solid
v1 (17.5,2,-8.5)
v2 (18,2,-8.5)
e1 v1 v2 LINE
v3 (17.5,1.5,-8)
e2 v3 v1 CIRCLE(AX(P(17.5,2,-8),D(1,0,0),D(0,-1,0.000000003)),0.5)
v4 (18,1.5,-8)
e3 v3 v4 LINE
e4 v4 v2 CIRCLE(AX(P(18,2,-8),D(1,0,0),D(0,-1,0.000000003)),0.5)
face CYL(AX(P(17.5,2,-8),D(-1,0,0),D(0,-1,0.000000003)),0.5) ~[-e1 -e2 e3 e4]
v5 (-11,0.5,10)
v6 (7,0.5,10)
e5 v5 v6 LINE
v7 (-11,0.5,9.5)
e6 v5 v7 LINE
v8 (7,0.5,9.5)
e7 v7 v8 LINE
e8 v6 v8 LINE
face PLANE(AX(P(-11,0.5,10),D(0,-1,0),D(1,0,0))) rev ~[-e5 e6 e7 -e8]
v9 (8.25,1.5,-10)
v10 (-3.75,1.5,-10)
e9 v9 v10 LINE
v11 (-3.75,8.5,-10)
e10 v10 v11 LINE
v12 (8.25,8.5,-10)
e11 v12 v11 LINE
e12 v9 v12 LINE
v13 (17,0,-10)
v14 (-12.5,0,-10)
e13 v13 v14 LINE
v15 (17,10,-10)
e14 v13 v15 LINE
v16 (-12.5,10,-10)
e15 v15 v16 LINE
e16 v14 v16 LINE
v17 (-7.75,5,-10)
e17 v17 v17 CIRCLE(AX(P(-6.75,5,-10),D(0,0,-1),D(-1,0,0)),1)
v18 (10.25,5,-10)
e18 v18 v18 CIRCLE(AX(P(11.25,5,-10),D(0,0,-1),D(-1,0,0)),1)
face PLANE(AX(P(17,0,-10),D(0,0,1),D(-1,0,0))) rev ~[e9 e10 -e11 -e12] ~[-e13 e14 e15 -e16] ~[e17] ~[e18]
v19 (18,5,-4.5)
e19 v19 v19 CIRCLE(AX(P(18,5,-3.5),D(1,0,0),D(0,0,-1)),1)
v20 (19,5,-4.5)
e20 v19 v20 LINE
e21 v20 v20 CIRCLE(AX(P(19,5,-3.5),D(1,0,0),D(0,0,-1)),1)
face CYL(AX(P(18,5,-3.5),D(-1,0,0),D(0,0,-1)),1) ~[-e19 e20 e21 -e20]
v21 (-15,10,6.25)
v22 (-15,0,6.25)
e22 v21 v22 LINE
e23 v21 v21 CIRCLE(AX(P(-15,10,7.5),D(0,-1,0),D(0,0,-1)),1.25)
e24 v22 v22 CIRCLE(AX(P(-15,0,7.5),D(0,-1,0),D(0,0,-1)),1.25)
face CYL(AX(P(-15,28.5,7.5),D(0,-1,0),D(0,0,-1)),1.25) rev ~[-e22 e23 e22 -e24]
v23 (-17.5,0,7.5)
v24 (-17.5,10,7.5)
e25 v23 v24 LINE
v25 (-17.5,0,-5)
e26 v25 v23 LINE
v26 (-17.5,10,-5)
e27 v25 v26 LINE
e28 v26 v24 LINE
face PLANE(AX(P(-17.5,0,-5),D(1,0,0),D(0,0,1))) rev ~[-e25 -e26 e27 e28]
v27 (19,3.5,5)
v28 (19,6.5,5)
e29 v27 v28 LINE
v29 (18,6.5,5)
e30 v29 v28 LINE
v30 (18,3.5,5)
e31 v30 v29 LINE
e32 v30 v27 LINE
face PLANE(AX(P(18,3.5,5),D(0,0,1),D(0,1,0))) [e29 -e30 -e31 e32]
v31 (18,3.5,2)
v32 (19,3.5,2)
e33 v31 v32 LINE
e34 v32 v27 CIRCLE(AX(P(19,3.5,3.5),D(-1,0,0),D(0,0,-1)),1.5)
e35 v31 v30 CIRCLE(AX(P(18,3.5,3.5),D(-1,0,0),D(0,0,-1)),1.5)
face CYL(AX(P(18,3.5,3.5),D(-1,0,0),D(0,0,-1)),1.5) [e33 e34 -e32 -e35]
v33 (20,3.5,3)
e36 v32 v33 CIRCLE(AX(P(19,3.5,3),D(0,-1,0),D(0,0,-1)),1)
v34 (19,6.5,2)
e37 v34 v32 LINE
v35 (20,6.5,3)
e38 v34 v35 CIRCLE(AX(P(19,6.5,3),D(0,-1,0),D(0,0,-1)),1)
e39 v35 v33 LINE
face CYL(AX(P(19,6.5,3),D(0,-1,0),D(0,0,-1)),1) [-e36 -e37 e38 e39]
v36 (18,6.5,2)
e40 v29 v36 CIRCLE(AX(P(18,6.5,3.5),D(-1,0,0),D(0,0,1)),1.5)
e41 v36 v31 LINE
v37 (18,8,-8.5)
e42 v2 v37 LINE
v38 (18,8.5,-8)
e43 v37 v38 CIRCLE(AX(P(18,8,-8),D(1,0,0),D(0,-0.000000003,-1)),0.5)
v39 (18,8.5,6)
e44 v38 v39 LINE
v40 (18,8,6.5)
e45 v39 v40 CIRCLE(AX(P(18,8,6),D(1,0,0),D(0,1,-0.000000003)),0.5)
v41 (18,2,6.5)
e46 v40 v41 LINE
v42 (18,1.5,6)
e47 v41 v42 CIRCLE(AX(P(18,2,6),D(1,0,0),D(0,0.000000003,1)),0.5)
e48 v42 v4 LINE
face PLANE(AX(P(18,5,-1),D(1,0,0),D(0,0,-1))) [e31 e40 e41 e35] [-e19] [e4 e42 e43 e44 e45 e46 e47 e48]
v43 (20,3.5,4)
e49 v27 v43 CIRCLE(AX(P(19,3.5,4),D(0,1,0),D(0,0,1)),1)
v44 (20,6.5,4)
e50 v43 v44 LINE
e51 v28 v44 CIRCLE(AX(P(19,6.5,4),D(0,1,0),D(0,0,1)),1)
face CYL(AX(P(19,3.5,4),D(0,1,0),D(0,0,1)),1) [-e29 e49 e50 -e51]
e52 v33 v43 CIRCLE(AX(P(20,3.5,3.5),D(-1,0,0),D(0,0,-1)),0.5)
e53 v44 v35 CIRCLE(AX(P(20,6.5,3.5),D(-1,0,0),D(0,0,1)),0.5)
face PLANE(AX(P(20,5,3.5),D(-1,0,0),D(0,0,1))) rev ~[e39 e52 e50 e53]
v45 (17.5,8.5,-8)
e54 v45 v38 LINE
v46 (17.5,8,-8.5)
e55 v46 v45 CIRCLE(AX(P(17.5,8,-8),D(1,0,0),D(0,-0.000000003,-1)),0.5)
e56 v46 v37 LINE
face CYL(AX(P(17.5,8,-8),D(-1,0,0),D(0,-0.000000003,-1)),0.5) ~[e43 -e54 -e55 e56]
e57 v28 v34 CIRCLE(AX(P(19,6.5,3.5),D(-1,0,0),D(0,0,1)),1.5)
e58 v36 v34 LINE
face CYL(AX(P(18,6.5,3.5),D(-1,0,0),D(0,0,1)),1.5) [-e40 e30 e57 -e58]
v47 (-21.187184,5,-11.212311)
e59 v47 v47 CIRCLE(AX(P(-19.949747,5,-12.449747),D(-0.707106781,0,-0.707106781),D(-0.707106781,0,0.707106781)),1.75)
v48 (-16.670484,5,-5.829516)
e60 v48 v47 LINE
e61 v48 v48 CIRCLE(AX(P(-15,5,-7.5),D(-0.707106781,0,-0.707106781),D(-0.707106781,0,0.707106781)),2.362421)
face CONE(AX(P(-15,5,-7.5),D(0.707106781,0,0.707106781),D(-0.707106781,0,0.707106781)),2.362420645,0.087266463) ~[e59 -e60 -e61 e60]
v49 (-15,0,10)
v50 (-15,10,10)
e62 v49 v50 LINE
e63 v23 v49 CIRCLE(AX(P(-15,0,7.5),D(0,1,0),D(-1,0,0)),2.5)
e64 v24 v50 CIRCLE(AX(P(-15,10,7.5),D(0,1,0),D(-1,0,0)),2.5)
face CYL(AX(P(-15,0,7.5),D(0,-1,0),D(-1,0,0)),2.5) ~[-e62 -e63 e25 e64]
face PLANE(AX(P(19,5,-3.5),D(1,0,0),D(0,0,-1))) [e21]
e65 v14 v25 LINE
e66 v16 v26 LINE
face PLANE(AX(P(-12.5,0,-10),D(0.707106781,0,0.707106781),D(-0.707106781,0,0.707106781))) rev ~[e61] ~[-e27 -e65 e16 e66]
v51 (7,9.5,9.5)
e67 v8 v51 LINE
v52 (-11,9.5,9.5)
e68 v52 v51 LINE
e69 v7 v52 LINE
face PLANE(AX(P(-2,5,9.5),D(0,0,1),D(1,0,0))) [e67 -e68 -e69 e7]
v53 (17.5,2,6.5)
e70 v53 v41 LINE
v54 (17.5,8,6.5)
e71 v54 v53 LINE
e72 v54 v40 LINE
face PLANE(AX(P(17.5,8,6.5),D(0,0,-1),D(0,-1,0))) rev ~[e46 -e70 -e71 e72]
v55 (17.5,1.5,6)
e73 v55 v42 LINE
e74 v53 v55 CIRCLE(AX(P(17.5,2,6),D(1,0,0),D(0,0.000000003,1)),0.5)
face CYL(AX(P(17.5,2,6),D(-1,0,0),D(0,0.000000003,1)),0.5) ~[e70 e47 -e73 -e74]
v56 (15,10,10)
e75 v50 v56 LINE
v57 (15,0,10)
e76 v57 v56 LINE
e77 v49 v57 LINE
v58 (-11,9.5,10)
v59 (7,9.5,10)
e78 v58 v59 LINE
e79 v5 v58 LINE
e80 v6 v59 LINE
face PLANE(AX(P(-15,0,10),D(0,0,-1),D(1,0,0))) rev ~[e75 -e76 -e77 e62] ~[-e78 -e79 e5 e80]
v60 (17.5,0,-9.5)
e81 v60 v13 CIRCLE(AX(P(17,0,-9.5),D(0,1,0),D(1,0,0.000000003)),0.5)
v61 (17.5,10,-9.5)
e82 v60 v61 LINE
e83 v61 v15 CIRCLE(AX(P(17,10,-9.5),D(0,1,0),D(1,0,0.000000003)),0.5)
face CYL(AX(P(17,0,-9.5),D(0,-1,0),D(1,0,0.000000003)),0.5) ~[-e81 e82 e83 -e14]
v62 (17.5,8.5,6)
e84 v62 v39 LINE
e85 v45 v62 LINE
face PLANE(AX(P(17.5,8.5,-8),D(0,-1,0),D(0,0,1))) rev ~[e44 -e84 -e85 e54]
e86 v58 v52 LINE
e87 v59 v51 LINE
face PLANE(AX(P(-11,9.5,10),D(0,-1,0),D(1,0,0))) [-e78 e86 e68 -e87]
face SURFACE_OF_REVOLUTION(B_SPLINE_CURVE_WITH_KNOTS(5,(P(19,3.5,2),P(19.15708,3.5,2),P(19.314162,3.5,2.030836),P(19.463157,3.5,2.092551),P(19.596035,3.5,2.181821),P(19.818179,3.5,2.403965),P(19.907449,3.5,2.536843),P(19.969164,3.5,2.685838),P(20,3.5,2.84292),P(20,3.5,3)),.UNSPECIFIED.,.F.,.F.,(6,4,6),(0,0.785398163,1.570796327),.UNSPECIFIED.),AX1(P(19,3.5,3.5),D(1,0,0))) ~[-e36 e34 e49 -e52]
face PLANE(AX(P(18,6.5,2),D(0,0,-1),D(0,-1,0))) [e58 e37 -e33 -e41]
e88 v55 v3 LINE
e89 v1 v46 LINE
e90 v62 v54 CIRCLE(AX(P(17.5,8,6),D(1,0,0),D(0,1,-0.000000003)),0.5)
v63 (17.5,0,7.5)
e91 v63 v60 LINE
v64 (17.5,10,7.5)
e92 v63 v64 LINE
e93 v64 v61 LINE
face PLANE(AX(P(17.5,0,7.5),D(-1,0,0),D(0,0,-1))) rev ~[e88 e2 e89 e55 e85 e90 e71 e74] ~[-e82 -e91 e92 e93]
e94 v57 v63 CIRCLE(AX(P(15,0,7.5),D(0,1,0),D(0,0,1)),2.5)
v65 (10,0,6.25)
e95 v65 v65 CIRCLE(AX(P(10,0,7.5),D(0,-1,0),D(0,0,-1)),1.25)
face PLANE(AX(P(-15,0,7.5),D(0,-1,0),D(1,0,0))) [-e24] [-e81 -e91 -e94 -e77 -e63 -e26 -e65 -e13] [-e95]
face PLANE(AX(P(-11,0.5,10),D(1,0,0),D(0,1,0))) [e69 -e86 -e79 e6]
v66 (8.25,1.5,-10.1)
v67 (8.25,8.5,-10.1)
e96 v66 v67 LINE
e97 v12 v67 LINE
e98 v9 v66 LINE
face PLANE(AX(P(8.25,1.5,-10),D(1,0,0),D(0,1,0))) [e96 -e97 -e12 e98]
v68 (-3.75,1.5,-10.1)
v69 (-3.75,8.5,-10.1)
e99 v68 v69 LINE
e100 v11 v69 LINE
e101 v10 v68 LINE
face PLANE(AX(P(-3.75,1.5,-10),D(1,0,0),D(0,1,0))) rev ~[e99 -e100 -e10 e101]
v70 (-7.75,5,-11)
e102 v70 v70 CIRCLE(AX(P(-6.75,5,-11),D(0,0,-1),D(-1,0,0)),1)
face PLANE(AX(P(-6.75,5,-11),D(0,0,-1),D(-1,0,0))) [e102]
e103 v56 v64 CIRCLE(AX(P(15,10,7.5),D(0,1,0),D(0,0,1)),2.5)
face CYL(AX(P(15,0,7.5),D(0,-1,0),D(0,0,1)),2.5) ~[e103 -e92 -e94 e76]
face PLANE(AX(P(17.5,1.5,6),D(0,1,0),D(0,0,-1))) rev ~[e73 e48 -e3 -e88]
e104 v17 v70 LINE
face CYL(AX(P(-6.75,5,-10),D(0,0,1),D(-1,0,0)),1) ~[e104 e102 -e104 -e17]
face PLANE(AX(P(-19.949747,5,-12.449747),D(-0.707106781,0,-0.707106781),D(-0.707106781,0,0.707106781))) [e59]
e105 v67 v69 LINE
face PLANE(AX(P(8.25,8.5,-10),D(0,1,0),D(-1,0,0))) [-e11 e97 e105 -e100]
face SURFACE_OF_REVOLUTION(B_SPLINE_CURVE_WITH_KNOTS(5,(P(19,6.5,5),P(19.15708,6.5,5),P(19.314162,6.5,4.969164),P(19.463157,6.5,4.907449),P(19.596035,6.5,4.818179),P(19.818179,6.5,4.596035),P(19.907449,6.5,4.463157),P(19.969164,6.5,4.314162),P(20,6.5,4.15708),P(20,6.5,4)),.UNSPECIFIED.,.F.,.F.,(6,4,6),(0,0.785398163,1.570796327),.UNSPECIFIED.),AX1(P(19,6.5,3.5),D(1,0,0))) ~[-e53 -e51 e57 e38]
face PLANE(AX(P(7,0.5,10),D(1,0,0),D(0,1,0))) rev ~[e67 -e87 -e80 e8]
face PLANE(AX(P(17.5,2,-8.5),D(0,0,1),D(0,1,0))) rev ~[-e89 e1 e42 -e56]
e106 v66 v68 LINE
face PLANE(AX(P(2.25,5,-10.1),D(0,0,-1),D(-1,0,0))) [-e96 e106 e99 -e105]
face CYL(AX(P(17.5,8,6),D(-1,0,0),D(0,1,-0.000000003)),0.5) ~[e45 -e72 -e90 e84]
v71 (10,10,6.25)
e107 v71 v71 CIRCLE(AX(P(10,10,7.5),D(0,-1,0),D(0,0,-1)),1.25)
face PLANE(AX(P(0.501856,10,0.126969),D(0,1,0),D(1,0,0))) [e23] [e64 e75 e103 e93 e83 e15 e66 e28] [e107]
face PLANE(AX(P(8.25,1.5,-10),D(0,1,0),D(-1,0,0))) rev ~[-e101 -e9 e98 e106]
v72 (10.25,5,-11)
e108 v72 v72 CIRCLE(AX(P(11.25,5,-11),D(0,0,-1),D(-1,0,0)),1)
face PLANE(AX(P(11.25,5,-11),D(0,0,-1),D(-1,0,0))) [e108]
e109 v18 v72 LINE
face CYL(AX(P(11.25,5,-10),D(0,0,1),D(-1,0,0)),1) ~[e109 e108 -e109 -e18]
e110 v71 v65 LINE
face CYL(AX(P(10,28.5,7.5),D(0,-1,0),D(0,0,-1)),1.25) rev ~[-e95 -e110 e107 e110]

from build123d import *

# Parameters (mm, degrees)
SKETCH_1_R             = 0.5
EXTRUDE_1_DEPTH        = 10
HOLE_WIZARD_M3_1_D     = 2.5
HOLE_WIZARD_M3_1_DEPTH = 18.5
HOLE_WIZARD_M3_1_TIP   = 0.751075774
SKETCH_4_R             = 0.5
EXTRUDE_2_DEPTH        = 10
HOLE_WIZARD_M3_2_D     = 2.5
HOLE_WIZARD_M3_2_DEPTH = 18.5
HOLE_WIZARD_M3_2_TIP   = 0.751075774
SKETCH_6_W             = 18
SKETCH_6_H             = 9
CUT_EXTRUDE_1_DEPTH    = 0.5
EXTRUDE_3_DEPTH        = 0.5
EXTRUDE_4_DEPTH        = 2
FILLET_4_R             = 1
SKETCH_10_R            = 1
EXTRUDE_5_DEPTH        = 1
SKETCH_11_W            = 12
SKETCH_11_H            = 7
EXTRUDE_6_DEPTH        = 0.1
SKETCH_12_R            = 1
EXTRUDE_7_DEPTH        = 1
SKETCH_13_R            = 1.75
EXTRUDE_8_DEPTH        = 7
DRAFT_1_ANGLE          = 5


with BuildPart() as part:
    # 草图1 → 凸台-拉伸1 (new body)
    with BuildSketch(Plane(origin=(0, 0, 0), x_dir=(1, 0, 0), z_dir=(0, 1, 0))):
        with BuildLine():
            Line((-12.5, 10), (-17.5, 5))
            Line((-17.5, 5), (-17.5, -7.5))
            ThreePointArc((-17.5, -7.5), (-16.767766953, -9.267766953), (-15, -10))
            Line((-15, -10), (15, -10))
            ThreePointArc((15, -10), (16.767766953, -9.267766953), (17.5, -7.5))
            Line((17.5, -7.5), (17.5, 9.5))
            ThreePointArc((17.5, 9.5), (17.353553391, 9.853553391), (17, 10))
            Line((17, 10), (-12.5, 10))
        make_face()
        with Locations((-15, -7.5)):
            Circle(SKETCH_1_R, mode=Mode.SUBTRACT)
    extrude(amount=EXTRUDE_1_DEPTH)

    # M3 螺纹孔1
    with Locations(Plane(origin=(10, 10, 7.5), x_dir=(0, 0, 1), z_dir=(0, 1, 0))):
        with Locations((0, 0)):
            Hole(HOLE_WIZARD_M3_1_D / 2, depth=HOLE_WIZARD_M3_1_DEPTH)
            with Locations((0, 0, -(HOLE_WIZARD_M3_1_DEPTH + HOLE_WIZARD_M3_1_TIP / 2))):  # 118° drill point
                Cone(0, HOLE_WIZARD_M3_1_D / 2, HOLE_WIZARD_M3_1_TIP, mode=Mode.SUBTRACT)

    # 草图4 → 凸台-拉伸2 (add)
    with BuildSketch(Plane.XZ):
        with Locations((-15, 7.5)):
            Circle(SKETCH_4_R)
    extrude(amount=-EXTRUDE_2_DEPTH)

    # M3 螺纹孔2
    with Locations(Plane(origin=(-15, 10, 7.5), x_dir=(0, 0, 1), z_dir=(0, 1, 0))):
        with Locations((0, 0)):
            Hole(HOLE_WIZARD_M3_2_D / 2, depth=HOLE_WIZARD_M3_2_DEPTH)
            with Locations((0, 0, -(HOLE_WIZARD_M3_2_DEPTH + HOLE_WIZARD_M3_2_TIP / 2))):  # 118° drill point
                Cone(0, HOLE_WIZARD_M3_2_D / 2, HOLE_WIZARD_M3_2_TIP, mode=Mode.SUBTRACT)

    # 草图6 → 切除-拉伸1 (cut)
    with BuildSketch(Plane.XY.offset(10)):
        with Locations((-2, 5)):
            Rectangle(SKETCH_6_W, SKETCH_6_H)
    extrude(amount=-CUT_EXTRUDE_1_DEPTH, mode=Mode.SUBTRACT)

    # 草图8 → 凸台-拉伸3 (add)
    with BuildSketch(Plane(origin=(17.5, 0, 0), x_dir=(0, 0, -1), z_dir=(1, 0, 0))):
        with BuildLine():
            Line((8, 8.5), (-6, 8.5))
            ThreePointArc((-6, 8.5), (-6.353553391, 8.353553391), (-6.5, 8))
            Line((-6.5, 8), (-6.5, 2))
            ThreePointArc((-6.5, 2), (-6.353553391, 1.646446609), (-6, 1.5))
            Line((-6, 1.5), (8, 1.5))
            ThreePointArc((8, 1.5), (8.353553391, 1.646446609), (8.5, 2))
            Line((8.5, 2), (8.5, 8))
            ThreePointArc((8.5, 8), (8.353553391, 8.353553391), (8, 8.5))
        make_face()
    extrude(amount=EXTRUDE_3_DEPTH)

    # 草图9 → 凸台-拉伸4 (add)
    with BuildSketch(Plane(origin=(18, 0, 0), x_dir=(0, 0, -1), z_dir=(1, 0, 0))):
        with BuildLine():
            Line((-2, 6.5), (-2, 3.5))
            ThreePointArc((-2, 3.5), (-3.5, 2), (-5, 3.5))
            Line((-5, 3.5), (-5, 6.5))
            ThreePointArc((-5, 6.5), (-3.5, 8), (-2, 6.5))
        make_face()
    extrude(amount=EXTRUDE_4_DEPTH)

    # 圆角4
    fillet_4_edges = [part.edges().sort_by_distance(p)[0] for p in [
        (20, 8, 3.5),
        (20, 5, 5),
        (20, 2, 3.5),
        (20, 5, 2),
    ]]
    fillet(fillet_4_edges, radius=FILLET_4_R)

    # 草图10 → 凸台-拉伸5 (add)
    with BuildSketch(Plane(origin=(18, 0, 0), x_dir=(0, 0, -1), z_dir=(1, 0, 0))):
        with Locations((3.5, 5)):
            Circle(SKETCH_10_R)
    extrude(amount=EXTRUDE_5_DEPTH)

    # 草图11 → 凸台-拉伸6 (add)
    with BuildSketch(Plane(origin=(0, 0, -10), x_dir=(-1, 0, 0), z_dir=(0, 0, -1))):
        with Locations((-2.25, 5)):
            Rectangle(SKETCH_11_W, SKETCH_11_H)
    extrude(amount=EXTRUDE_6_DEPTH)

    # 草图12 → 凸台-拉伸7 (add)
    with BuildSketch(Plane(origin=(0, 0, -10), x_dir=(-1, 0, 0), z_dir=(0, 0, -1))):
        with Locations((-11.25, 5)):
            Circle(SKETCH_12_R)
        with Locations((6.75, 5)):
            Circle(SKETCH_12_R)
    extrude(amount=EXTRUDE_7_DEPTH)

    # 草图13 → 凸台-拉伸8 (add)
    with BuildSketch(Plane(origin=(-11.25, 0, -11.25), x_dir=(-0.707106781, 0, 0.707106781), z_dir=(-0.707106781, 0, -0.707106781))):
        with Locations((5.303300859, 5)):
            Circle(SKETCH_13_R)
    extrude(amount=EXTRUDE_8_DEPTH)

    # 拔模1
    draft_1_faces = [part.faces().sort_by_distance(p)[0] for p in [
        (-16.237436867, 5, -11.212310601),
    ]]
    draft(draft_1_faces, Plane(origin=(-19.949747468, 5, -12.449747468), x_dir=(-0.707106781, 0, 0.707106781), z_dir=(-0.707106781, 0, -0.707106781)), DRAFT_1_ANGLE)


solid = part.part
